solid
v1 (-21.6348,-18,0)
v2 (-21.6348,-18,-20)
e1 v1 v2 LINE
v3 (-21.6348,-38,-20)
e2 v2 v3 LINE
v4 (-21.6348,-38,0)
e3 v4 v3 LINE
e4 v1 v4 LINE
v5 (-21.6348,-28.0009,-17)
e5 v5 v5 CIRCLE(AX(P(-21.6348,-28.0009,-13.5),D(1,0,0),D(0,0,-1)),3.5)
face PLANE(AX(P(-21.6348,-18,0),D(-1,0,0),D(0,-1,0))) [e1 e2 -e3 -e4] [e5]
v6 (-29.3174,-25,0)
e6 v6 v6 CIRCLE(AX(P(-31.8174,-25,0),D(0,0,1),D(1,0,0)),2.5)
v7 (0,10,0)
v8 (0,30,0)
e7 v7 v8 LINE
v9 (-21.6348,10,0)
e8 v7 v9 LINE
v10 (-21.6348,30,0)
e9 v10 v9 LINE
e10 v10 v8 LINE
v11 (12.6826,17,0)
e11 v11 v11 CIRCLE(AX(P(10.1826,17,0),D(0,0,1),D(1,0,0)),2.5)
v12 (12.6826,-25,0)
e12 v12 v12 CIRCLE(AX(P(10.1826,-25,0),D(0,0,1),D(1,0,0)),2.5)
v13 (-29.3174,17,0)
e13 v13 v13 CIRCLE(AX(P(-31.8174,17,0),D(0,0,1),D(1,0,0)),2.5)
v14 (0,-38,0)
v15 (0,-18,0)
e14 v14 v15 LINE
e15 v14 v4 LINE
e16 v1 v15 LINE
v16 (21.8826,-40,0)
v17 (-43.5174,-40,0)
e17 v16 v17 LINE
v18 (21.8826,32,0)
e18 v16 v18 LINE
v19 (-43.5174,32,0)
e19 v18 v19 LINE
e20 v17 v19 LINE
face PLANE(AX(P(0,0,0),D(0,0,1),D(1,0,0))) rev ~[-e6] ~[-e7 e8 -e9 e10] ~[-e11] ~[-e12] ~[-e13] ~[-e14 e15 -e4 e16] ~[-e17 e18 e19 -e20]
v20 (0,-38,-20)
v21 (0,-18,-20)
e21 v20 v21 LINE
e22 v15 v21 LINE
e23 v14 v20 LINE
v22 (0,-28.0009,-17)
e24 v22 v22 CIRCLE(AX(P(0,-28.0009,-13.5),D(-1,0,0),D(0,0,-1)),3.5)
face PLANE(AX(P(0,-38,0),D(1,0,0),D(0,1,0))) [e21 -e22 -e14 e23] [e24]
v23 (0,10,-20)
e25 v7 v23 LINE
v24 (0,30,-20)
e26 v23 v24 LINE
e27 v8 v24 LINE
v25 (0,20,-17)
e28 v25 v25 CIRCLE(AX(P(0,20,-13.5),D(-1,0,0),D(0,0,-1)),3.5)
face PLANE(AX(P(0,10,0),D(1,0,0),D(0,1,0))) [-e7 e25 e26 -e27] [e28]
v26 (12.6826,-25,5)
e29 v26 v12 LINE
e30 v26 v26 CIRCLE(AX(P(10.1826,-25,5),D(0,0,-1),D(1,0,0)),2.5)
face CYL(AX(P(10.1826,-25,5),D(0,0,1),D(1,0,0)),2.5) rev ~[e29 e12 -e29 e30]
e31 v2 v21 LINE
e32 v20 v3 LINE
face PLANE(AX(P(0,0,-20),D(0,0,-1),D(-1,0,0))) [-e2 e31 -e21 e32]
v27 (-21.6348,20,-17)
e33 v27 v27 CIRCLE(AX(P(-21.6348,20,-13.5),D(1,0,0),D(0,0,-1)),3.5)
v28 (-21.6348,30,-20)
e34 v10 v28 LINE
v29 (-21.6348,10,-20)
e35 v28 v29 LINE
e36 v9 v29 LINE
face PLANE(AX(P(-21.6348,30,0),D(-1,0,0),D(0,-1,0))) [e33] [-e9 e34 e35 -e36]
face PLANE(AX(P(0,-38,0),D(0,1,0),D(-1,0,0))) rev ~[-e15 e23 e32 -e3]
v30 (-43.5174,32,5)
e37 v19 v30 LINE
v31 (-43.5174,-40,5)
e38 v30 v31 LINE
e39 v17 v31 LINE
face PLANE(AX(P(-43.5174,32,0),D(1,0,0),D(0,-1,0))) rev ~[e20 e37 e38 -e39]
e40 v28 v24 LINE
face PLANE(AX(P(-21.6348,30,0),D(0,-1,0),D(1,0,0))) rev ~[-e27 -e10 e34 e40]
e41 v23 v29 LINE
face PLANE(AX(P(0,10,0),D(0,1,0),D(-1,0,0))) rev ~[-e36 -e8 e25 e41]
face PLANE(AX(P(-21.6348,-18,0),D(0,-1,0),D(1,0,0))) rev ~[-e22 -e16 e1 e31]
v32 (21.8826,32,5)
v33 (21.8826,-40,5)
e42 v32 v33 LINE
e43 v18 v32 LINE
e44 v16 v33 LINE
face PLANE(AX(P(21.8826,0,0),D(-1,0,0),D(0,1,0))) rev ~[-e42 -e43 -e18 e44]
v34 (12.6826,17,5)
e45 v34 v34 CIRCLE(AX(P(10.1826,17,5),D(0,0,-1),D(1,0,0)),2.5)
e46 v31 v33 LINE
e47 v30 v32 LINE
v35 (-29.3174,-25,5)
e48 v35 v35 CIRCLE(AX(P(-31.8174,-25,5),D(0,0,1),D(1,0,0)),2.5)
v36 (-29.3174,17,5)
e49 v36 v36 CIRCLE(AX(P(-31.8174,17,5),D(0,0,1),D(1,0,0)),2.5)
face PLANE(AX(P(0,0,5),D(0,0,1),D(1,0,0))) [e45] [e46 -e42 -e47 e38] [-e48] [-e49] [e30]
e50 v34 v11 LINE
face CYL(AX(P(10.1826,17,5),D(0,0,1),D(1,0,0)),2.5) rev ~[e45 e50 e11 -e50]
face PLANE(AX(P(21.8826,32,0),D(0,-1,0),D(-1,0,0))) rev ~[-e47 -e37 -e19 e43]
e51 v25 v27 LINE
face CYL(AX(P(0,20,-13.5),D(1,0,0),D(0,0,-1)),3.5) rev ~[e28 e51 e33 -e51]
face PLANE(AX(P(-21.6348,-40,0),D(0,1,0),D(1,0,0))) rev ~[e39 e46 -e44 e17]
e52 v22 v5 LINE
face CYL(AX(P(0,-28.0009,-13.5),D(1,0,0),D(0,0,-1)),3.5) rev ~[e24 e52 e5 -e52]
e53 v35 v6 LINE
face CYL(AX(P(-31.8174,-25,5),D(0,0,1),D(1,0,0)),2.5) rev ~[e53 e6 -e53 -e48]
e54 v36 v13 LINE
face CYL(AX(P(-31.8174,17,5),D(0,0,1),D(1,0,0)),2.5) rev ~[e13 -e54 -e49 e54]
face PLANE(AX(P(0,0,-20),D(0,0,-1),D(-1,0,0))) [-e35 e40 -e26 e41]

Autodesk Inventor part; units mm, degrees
ref_plane "YZ Plane" through (0, 0, 0) normal (1, 0, 0) x (0, 1, 0)
ref_plane "XZ Plane" through (0, 0, 0) normal (0, 1, 0) x (-1, 0, 0)
ref_plane "XY Plane" through (0, 0, 0) normal (0, 0, 1) x (1, 0, 0)
sketch "Sketch1" plane through (0, 0, 0) normal (0, 0, 1) x (1, 0, 0)
  line L0 (0, 0) -> (36.8826, 0) projected
  line L1 (36.8826, 0) -> (36.8826, 40) projected
  line L2 (0, 40) -> (36.8826, 40) projected
  line L3 (0, 0) -> (0, 40) projected
  line L4 (-21.6348, 40) -> (-58.5174, 40) projected
  line L5 (-58.5174, 40) -> (-58.5174, 0) projected
  line L6 (-21.6348, 0) -> (-58.5174, 0) projected
  line L7 (-21.6348, 40) -> (-21.6348, 0) projected
  line L8 (-21.6348, -8) -> (-58.5174, -8) projected
  line L9 (-58.5174, -8) -> (-58.5174, -48) projected
  line L10 (-21.6348, -48) -> (-58.5174, -48) projected
  line L11 (-21.6348, -8) -> (-21.6348, -48) projected
  line L12 (0, -48) -> (36.8826, -48) projected
  line L13 (36.8826, -48) -> (36.8826, -8) projected
  line L14 (0, -8) -> (36.8826, -8) projected
  line L15 (0, -48) -> (0, -8) projected
  line L16 (21.8826, 32) -> (-43.5174, 32)
  line L17 (-43.5174, 32) -> (-43.5174, -40)
  line L18 (-43.5174, -40) -> (21.8826, -40)
  line L19 (21.8826, -40) -> (21.8826, 32)
  dimension "d0" = 8
  dimension "d1" = 8
  dimension "d2" = 15
  dimension "d3" = 15
extrude "Extrusion1" add sketch "Sketch1" along normal blind 5 contours L3 L16 L19 L0 | L0 L19 L14 L15 L18 L11 L8 L17 L6 L7 L16 L3 | L19 L18 L15 L14 | L7 L6 L17 L16 | L18 L17 L8 L11
sketch "Sketch2" plane through (0, 0, 0) normal (0, 0, -1) x (-1, 0, 0)
  line L0 (0, -48) -> (-36.8826, -48) projected
  line L1 (-36.8826, -48) -> (-36.8826, -8) projected
  line L2 (0, -8) -> (-36.8826, -8) projected
  line L3 (0, -48) -> (0, -8) projected
  line L4 (0, 0) -> (-36.8826, 0) projected
  line L5 (-36.8826, 0) -> (-36.8826, 40) projected
  line L6 (0, 40) -> (-36.8826, 40) projected
  line L7 (0, 0) -> (0, 40) projected
  line L8 (21.6348, 40) -> (58.5174, 40) projected
  line L9 (58.5174, 40) -> (58.5174, 0) projected
  line L10 (21.6348, 0) -> (58.5174, 0) projected
  line L11 (21.6348, 40) -> (21.6348, 0) projected
  line L12 (21.6348, -8) -> (58.5174, -8) projected
  line L13 (58.5174, -8) -> (58.5174, -48) projected
  line L14 (21.6348, -48) -> (58.5174, -48) projected
  line L15 (21.6348, -8) -> (21.6348, -48) projected
  line L16 (0, -38) -> (21.6348, -38)
  line L17 (21.6348, -38) -> (21.6348, -18)
  line L18 (21.6348, -18) -> (0, -18)
  line L19 (0, -18) -> (0, -38)
  line L20 (0, 10) -> (21.6348, 10)
  line L21 (21.6348, 10) -> (21.6348, 30)
  line L22 (21.6348, 30) -> (0, 30)
  line L23 (0, 30) -> (0, 10)
  point P0 (0, 30)
  point P1 (0, -18)
  dimension "d6" = 20
  dimension "d7" = 20
  dimension "d8" = 10
  dimension "d9" = 10
extrude "Extrusion2" add sketch "Sketch2" along normal blind 20 contours L3 L18 L15 L16 | L7 L22 L11 L20
sketch "Sketch3" plane through (0, 0, 5) normal (0, 0, 1) x (1, 0, 0)
  circle A0 centre (10.1826, 17) radius 2.5
  circle A1 centre (-31.8174, 17) radius 2.5
  circle A2 centre (10.1826, -25) radius 2.5
  circle A3 centre (-31.8174, -25) radius 2.5
  line L0 (21.8826, -40) -> (21.8826, 32) projected
  line L1 (-43.5174, 32) -> (-43.5174, -40) projected
  line L2 (10.1826, 17) -> (-31.8174, 17)
  line L3 (10.1826, -25) -> (-31.8174, -25)
  line L4 (21.8826, 32) -> (-43.5174, 32) projected
  line L5 (-43.5174, -40) -> (21.8826, -40) projected
  point P0 (0, 0)
  point P1 (-10.8174, 17)
  point P2 (-10.8174, 32)
  point P3 (-10.8174, -25)
  point P4 (-10.8174, -40)
  dimension "d12" = 5
  dimension "d13" = 5
  dimension "d14" = 5
  dimension "d15" = 5
  dimension "d16" = 42
  dimension "d17" = 42
  dimension "d18" = 15
  dimension "d19" = 15
extrude "Extrusion3" cut sketch "Sketch3" against normal through all contours A0 | A1 | A2 | A3
sketch "Sketch4" plane through (0, -38, 0) normal (1, 0, 0) x (0, 0, -1)
  arc A0 (2.5, 58) -> (5, 53.6699) centre (7.5, 58) ccw projected
  arc A1 (5, 53.6699) -> (10, 53.6699) centre (7.5, 58) ccw projected
  arc A2 (10, 53.6699) -> (12.5, 58) centre (7.5, 58) ccw projected
  arc A3 (12.5, 58) -> (10, 62.3301) centre (7.5, 58) ccw projected
  arc A4 (10, 62.3301) -> (5, 62.3301) centre (7.5, 58) ccw projected
  arc A5 (5, 62.3301) -> (2.5, 58) centre (7.5, 58) ccw projected
  circle A6 centre (7.5, 58) radius 3.1 projected
  arc A7 (2.3201, 9.9991) -> (4.8201, 5.669) centre (7.3201, 9.9991) ccw projected
  arc A8 (4.8201, 5.669) -> (9.8201, 5.669) centre (7.3201, 9.9991) ccw projected
  arc A9 (9.8201, 5.669) -> (12.3201, 9.9991) centre (7.3201, 9.9991) ccw projected
  arc A10 (12.3201, 9.9991) -> (9.8201, 14.3292) centre (7.3201, 9.9991) ccw projected
  arc A11 (9.8201, 14.3292) -> (4.8201, 14.3292) centre (7.3201, 9.9991) ccw projected
  arc A12 (4.8201, 14.3292) -> (2.3201, 9.9991) centre (7.3201, 9.9991) ccw projected
  circle A13 centre (7.3201, 9.9991) radius 3.1 projected
  circle A14 centre (13.5, 58) radius 3.5
  circle A15 centre (13.5, 9.9991) radius 3.5
  line L0 (0, -2) -> (0, 70) projected
  point P0 (0, 38)
  dimension "d24" = 7
  dimension "d25" = 7
  dimension "d26" = 10
  dimension "d27" = 10
extrude "Extrusion5" cut sketch "Sketch4" against normal through all contours A14 A6 A3 A2 | A2 A3 A14 | A14 A6 | A15 A13 A10 A9 | A9 A10 A15 | A15 A13 picked at (10.2115, 57.6094) picked at (10.1547, 9.9991)
properties part number "bearing support"
